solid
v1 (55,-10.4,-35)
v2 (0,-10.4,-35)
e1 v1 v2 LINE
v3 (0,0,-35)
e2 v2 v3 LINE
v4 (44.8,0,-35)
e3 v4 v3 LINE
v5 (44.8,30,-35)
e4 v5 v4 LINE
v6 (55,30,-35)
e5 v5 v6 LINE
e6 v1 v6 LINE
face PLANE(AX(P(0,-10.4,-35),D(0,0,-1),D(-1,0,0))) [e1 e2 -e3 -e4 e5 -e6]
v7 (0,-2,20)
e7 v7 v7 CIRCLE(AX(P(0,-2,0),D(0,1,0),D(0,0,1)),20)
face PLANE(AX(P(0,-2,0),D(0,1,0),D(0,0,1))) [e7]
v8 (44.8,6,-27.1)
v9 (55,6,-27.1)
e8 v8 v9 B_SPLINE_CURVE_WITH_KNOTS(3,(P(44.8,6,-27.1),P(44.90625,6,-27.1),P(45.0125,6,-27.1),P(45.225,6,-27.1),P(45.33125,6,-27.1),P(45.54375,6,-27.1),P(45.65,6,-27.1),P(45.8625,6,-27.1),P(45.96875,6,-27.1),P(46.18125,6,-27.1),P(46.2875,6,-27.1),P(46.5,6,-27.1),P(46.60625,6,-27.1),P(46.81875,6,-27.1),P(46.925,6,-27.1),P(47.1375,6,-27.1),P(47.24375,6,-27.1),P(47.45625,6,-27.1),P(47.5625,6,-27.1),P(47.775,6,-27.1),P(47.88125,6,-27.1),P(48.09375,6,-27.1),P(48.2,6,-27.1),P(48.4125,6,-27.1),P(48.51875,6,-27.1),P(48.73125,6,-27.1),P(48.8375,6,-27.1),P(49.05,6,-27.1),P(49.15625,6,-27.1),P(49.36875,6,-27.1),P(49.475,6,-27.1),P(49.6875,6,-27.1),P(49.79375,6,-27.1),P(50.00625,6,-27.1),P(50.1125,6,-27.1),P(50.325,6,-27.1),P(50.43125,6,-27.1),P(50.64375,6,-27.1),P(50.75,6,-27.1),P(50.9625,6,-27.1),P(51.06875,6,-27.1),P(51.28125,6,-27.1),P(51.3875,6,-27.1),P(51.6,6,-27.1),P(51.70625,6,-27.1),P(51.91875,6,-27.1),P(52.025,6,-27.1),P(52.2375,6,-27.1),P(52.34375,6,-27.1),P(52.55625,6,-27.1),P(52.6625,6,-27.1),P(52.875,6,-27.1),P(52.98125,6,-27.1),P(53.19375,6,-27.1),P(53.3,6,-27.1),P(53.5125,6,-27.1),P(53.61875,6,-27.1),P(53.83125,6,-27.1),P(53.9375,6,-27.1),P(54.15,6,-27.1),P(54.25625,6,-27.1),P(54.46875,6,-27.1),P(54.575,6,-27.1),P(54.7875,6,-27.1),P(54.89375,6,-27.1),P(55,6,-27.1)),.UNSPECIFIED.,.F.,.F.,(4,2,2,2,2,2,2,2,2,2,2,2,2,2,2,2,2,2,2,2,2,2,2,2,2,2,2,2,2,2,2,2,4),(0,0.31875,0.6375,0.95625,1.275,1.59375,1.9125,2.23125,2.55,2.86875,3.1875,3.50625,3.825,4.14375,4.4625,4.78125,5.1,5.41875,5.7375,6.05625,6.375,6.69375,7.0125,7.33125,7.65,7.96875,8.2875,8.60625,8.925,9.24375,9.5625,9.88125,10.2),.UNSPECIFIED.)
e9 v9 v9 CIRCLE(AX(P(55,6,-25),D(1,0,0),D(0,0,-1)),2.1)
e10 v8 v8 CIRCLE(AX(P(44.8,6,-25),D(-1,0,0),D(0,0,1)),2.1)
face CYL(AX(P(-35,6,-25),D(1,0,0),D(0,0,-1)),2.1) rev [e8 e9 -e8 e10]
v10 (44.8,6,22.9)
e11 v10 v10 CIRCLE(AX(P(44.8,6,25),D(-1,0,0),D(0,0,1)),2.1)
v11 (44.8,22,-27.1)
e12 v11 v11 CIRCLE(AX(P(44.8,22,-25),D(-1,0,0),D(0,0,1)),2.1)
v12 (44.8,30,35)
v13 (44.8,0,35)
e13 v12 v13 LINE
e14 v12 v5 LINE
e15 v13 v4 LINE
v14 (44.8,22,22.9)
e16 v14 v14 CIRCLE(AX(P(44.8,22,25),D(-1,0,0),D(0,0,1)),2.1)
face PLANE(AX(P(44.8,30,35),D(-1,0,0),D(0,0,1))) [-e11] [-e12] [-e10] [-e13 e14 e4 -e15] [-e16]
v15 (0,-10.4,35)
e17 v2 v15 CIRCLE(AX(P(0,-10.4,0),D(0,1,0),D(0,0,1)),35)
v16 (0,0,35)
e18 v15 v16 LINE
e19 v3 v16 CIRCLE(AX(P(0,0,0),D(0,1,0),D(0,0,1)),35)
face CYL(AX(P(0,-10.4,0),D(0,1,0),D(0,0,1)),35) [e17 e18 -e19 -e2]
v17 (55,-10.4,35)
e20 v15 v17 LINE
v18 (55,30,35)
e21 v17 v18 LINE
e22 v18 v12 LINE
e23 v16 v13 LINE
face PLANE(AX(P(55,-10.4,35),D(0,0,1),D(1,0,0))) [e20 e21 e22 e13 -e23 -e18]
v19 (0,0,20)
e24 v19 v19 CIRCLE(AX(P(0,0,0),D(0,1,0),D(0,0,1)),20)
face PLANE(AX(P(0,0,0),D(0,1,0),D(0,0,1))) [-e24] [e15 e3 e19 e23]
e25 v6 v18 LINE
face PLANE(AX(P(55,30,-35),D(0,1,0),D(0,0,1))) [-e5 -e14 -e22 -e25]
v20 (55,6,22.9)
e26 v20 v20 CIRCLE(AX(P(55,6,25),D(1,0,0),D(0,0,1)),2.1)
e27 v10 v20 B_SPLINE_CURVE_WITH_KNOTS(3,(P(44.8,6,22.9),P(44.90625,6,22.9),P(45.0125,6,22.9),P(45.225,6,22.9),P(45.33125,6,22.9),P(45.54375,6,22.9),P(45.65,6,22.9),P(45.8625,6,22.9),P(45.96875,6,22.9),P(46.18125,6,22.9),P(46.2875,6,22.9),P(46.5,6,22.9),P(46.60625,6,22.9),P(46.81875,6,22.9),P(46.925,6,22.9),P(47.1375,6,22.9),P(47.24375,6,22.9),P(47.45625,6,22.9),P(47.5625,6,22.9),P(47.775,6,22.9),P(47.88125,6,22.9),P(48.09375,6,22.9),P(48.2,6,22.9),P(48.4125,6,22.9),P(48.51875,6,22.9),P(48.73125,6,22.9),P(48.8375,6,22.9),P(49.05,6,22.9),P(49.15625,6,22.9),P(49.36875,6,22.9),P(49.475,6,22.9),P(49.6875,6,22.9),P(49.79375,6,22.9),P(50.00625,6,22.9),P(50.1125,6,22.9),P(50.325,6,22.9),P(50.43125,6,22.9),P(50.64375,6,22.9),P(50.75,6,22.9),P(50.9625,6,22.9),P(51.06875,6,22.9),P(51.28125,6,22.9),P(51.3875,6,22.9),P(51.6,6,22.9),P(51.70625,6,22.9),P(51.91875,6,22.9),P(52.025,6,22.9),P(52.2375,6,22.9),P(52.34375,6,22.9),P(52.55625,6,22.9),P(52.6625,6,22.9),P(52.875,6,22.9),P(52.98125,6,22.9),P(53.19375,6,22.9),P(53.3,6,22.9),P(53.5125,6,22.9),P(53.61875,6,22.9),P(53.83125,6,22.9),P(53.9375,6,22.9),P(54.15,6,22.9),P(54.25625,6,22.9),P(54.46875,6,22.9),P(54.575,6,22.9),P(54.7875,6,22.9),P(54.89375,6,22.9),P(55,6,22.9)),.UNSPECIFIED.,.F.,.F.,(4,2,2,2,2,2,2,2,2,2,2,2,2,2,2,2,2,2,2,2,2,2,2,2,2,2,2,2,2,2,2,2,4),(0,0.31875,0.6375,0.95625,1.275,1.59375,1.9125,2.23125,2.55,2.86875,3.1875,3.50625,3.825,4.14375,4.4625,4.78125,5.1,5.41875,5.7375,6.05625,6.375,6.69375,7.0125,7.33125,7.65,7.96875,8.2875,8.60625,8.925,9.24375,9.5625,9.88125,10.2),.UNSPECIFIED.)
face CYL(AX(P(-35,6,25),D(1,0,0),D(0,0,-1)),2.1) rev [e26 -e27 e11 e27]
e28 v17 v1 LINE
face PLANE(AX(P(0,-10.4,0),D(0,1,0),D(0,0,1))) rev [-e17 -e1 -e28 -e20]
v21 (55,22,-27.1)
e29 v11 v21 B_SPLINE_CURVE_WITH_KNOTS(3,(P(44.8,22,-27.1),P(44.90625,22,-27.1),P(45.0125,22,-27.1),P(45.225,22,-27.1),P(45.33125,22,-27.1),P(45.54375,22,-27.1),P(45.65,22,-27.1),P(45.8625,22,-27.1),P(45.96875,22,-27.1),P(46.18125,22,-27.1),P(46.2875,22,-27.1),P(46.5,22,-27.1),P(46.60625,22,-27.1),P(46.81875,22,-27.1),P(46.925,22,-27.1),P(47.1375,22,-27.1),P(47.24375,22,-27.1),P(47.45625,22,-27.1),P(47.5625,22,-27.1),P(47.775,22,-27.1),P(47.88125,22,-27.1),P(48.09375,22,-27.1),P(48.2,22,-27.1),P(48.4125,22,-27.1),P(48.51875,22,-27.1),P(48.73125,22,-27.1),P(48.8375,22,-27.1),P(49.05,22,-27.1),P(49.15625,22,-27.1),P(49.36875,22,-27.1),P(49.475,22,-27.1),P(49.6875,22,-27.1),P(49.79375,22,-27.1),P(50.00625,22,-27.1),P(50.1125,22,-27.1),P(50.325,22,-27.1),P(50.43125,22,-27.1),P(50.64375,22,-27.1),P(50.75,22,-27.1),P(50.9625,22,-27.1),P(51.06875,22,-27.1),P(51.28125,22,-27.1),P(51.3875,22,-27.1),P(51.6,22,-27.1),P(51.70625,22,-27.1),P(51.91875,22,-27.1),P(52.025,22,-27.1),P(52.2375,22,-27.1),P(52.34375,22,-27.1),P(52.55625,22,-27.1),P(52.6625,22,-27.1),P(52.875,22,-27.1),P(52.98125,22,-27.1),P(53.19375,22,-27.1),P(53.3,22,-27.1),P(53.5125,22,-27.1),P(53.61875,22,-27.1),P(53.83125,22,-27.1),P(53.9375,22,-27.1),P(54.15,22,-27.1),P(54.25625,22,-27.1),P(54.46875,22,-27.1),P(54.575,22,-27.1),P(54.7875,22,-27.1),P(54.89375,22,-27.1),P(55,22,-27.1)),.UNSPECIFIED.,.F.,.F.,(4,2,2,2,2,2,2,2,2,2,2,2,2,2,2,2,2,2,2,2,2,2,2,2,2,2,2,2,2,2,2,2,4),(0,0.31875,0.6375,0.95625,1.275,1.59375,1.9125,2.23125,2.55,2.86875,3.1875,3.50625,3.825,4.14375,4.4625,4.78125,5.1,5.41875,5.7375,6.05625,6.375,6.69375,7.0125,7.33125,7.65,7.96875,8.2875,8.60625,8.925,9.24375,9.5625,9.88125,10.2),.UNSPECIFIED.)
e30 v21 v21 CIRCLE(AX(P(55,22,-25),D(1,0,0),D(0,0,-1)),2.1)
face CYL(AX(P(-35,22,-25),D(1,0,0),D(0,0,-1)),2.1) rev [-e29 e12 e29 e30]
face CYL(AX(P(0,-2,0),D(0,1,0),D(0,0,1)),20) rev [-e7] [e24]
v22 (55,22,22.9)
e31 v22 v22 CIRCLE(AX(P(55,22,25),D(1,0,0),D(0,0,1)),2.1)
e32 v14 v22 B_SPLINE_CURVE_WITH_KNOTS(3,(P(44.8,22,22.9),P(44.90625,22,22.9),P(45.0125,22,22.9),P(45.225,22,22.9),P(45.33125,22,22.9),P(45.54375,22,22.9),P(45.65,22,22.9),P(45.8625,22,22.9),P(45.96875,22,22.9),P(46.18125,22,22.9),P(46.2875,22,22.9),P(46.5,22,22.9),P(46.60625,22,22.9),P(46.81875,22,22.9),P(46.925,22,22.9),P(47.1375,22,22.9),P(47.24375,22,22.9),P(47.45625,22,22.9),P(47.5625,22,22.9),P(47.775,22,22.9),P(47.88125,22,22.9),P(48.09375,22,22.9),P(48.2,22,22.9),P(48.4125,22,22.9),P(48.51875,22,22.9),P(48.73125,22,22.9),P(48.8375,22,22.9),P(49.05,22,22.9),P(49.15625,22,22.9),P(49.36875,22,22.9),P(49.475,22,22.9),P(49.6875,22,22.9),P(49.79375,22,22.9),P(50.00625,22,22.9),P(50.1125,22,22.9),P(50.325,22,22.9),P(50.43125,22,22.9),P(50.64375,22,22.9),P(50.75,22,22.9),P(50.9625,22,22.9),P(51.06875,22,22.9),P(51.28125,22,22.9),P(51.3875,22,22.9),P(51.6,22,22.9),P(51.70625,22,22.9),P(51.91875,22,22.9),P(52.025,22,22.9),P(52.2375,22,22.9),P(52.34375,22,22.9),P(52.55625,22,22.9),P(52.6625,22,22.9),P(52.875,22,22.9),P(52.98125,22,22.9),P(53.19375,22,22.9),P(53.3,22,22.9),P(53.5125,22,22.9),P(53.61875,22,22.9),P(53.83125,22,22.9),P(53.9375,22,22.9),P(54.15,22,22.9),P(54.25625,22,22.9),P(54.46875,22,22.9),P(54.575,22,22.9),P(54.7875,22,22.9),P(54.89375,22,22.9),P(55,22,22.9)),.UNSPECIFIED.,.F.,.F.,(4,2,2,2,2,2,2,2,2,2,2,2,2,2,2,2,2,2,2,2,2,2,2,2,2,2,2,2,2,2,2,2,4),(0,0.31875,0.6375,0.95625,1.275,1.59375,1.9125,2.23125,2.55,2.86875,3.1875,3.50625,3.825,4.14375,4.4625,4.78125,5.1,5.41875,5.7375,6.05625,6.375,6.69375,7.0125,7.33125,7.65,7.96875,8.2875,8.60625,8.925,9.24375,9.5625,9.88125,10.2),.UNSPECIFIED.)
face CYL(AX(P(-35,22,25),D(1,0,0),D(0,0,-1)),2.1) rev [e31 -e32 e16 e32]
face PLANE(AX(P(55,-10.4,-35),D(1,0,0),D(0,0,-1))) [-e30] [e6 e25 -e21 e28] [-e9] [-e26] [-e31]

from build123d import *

# Parameters (mm, degrees)
EXTRUDE_1_DEPTH     = 10.4
SKETCH_2_W          = 10.2
SKETCH_2_H          = 70
EXTRUDE_2_DEPTH     = 30
SKETCH_3_R          = 2.1
CUT_EXTRUDE_3_DEPTH = 102.118742081
SKETCH_4_R          = 20
CUT_EXTRUDE_4_DEPTH = 2


with BuildPart() as part:
    # ｽｹｯﾁ1 → 押し出し1 (new body)
    with BuildSketch(Plane(origin=(0, 0, 0), x_dir=(1, 0, 0), z_dir=(0, 1, 0))):
        with BuildLine():
            Line((0, 35), (55, 35))
            Line((55, 35), (55, -35))
            Line((55, -35), (0, -35))
            ThreePointArc((0, -35), (-35, 0), (0, 35))
        make_face()
    extrude(amount=-EXTRUDE_1_DEPTH)

    # ｽｹｯﾁ2 → 押し出し2 (add)
    with BuildSketch(Plane(origin=(0, 0, 0), x_dir=(-1, 0, 0), z_dir=(0, -1, 0))):
        with Locations((-49.9, 0)):
            Rectangle(SKETCH_2_W, SKETCH_2_H)
    extrude(amount=-EXTRUDE_2_DEPTH)

    # ｽｹｯﾁ3 → 押し出し3 (cut, through all)
    with BuildSketch(Plane(origin=(55, 0, 0), x_dir=(0, 0, -1), z_dir=(1, 0, 0))):
        with Locations((25, 22)):
            Circle(SKETCH_3_R)
        with Locations((25, 6)):
            Circle(SKETCH_3_R)
        with Locations((-25, 6)):
            Circle(SKETCH_3_R)
        with Locations((-25, 22)):
            Circle(SKETCH_3_R)
    extrude(amount=-CUT_EXTRUDE_3_DEPTH, mode=Mode.SUBTRACT)

    # ｽｹｯﾁ4 → 押し出し4 (cut)
    with BuildSketch(Plane(origin=(0, 0, 0), x_dir=(1, 0, 0), z_dir=(0, 1, 0))):
        Circle(SKETCH_4_R)
    extrude(amount=-CUT_EXTRUDE_4_DEPTH, mode=Mode.SUBTRACT)


solid = part.part
